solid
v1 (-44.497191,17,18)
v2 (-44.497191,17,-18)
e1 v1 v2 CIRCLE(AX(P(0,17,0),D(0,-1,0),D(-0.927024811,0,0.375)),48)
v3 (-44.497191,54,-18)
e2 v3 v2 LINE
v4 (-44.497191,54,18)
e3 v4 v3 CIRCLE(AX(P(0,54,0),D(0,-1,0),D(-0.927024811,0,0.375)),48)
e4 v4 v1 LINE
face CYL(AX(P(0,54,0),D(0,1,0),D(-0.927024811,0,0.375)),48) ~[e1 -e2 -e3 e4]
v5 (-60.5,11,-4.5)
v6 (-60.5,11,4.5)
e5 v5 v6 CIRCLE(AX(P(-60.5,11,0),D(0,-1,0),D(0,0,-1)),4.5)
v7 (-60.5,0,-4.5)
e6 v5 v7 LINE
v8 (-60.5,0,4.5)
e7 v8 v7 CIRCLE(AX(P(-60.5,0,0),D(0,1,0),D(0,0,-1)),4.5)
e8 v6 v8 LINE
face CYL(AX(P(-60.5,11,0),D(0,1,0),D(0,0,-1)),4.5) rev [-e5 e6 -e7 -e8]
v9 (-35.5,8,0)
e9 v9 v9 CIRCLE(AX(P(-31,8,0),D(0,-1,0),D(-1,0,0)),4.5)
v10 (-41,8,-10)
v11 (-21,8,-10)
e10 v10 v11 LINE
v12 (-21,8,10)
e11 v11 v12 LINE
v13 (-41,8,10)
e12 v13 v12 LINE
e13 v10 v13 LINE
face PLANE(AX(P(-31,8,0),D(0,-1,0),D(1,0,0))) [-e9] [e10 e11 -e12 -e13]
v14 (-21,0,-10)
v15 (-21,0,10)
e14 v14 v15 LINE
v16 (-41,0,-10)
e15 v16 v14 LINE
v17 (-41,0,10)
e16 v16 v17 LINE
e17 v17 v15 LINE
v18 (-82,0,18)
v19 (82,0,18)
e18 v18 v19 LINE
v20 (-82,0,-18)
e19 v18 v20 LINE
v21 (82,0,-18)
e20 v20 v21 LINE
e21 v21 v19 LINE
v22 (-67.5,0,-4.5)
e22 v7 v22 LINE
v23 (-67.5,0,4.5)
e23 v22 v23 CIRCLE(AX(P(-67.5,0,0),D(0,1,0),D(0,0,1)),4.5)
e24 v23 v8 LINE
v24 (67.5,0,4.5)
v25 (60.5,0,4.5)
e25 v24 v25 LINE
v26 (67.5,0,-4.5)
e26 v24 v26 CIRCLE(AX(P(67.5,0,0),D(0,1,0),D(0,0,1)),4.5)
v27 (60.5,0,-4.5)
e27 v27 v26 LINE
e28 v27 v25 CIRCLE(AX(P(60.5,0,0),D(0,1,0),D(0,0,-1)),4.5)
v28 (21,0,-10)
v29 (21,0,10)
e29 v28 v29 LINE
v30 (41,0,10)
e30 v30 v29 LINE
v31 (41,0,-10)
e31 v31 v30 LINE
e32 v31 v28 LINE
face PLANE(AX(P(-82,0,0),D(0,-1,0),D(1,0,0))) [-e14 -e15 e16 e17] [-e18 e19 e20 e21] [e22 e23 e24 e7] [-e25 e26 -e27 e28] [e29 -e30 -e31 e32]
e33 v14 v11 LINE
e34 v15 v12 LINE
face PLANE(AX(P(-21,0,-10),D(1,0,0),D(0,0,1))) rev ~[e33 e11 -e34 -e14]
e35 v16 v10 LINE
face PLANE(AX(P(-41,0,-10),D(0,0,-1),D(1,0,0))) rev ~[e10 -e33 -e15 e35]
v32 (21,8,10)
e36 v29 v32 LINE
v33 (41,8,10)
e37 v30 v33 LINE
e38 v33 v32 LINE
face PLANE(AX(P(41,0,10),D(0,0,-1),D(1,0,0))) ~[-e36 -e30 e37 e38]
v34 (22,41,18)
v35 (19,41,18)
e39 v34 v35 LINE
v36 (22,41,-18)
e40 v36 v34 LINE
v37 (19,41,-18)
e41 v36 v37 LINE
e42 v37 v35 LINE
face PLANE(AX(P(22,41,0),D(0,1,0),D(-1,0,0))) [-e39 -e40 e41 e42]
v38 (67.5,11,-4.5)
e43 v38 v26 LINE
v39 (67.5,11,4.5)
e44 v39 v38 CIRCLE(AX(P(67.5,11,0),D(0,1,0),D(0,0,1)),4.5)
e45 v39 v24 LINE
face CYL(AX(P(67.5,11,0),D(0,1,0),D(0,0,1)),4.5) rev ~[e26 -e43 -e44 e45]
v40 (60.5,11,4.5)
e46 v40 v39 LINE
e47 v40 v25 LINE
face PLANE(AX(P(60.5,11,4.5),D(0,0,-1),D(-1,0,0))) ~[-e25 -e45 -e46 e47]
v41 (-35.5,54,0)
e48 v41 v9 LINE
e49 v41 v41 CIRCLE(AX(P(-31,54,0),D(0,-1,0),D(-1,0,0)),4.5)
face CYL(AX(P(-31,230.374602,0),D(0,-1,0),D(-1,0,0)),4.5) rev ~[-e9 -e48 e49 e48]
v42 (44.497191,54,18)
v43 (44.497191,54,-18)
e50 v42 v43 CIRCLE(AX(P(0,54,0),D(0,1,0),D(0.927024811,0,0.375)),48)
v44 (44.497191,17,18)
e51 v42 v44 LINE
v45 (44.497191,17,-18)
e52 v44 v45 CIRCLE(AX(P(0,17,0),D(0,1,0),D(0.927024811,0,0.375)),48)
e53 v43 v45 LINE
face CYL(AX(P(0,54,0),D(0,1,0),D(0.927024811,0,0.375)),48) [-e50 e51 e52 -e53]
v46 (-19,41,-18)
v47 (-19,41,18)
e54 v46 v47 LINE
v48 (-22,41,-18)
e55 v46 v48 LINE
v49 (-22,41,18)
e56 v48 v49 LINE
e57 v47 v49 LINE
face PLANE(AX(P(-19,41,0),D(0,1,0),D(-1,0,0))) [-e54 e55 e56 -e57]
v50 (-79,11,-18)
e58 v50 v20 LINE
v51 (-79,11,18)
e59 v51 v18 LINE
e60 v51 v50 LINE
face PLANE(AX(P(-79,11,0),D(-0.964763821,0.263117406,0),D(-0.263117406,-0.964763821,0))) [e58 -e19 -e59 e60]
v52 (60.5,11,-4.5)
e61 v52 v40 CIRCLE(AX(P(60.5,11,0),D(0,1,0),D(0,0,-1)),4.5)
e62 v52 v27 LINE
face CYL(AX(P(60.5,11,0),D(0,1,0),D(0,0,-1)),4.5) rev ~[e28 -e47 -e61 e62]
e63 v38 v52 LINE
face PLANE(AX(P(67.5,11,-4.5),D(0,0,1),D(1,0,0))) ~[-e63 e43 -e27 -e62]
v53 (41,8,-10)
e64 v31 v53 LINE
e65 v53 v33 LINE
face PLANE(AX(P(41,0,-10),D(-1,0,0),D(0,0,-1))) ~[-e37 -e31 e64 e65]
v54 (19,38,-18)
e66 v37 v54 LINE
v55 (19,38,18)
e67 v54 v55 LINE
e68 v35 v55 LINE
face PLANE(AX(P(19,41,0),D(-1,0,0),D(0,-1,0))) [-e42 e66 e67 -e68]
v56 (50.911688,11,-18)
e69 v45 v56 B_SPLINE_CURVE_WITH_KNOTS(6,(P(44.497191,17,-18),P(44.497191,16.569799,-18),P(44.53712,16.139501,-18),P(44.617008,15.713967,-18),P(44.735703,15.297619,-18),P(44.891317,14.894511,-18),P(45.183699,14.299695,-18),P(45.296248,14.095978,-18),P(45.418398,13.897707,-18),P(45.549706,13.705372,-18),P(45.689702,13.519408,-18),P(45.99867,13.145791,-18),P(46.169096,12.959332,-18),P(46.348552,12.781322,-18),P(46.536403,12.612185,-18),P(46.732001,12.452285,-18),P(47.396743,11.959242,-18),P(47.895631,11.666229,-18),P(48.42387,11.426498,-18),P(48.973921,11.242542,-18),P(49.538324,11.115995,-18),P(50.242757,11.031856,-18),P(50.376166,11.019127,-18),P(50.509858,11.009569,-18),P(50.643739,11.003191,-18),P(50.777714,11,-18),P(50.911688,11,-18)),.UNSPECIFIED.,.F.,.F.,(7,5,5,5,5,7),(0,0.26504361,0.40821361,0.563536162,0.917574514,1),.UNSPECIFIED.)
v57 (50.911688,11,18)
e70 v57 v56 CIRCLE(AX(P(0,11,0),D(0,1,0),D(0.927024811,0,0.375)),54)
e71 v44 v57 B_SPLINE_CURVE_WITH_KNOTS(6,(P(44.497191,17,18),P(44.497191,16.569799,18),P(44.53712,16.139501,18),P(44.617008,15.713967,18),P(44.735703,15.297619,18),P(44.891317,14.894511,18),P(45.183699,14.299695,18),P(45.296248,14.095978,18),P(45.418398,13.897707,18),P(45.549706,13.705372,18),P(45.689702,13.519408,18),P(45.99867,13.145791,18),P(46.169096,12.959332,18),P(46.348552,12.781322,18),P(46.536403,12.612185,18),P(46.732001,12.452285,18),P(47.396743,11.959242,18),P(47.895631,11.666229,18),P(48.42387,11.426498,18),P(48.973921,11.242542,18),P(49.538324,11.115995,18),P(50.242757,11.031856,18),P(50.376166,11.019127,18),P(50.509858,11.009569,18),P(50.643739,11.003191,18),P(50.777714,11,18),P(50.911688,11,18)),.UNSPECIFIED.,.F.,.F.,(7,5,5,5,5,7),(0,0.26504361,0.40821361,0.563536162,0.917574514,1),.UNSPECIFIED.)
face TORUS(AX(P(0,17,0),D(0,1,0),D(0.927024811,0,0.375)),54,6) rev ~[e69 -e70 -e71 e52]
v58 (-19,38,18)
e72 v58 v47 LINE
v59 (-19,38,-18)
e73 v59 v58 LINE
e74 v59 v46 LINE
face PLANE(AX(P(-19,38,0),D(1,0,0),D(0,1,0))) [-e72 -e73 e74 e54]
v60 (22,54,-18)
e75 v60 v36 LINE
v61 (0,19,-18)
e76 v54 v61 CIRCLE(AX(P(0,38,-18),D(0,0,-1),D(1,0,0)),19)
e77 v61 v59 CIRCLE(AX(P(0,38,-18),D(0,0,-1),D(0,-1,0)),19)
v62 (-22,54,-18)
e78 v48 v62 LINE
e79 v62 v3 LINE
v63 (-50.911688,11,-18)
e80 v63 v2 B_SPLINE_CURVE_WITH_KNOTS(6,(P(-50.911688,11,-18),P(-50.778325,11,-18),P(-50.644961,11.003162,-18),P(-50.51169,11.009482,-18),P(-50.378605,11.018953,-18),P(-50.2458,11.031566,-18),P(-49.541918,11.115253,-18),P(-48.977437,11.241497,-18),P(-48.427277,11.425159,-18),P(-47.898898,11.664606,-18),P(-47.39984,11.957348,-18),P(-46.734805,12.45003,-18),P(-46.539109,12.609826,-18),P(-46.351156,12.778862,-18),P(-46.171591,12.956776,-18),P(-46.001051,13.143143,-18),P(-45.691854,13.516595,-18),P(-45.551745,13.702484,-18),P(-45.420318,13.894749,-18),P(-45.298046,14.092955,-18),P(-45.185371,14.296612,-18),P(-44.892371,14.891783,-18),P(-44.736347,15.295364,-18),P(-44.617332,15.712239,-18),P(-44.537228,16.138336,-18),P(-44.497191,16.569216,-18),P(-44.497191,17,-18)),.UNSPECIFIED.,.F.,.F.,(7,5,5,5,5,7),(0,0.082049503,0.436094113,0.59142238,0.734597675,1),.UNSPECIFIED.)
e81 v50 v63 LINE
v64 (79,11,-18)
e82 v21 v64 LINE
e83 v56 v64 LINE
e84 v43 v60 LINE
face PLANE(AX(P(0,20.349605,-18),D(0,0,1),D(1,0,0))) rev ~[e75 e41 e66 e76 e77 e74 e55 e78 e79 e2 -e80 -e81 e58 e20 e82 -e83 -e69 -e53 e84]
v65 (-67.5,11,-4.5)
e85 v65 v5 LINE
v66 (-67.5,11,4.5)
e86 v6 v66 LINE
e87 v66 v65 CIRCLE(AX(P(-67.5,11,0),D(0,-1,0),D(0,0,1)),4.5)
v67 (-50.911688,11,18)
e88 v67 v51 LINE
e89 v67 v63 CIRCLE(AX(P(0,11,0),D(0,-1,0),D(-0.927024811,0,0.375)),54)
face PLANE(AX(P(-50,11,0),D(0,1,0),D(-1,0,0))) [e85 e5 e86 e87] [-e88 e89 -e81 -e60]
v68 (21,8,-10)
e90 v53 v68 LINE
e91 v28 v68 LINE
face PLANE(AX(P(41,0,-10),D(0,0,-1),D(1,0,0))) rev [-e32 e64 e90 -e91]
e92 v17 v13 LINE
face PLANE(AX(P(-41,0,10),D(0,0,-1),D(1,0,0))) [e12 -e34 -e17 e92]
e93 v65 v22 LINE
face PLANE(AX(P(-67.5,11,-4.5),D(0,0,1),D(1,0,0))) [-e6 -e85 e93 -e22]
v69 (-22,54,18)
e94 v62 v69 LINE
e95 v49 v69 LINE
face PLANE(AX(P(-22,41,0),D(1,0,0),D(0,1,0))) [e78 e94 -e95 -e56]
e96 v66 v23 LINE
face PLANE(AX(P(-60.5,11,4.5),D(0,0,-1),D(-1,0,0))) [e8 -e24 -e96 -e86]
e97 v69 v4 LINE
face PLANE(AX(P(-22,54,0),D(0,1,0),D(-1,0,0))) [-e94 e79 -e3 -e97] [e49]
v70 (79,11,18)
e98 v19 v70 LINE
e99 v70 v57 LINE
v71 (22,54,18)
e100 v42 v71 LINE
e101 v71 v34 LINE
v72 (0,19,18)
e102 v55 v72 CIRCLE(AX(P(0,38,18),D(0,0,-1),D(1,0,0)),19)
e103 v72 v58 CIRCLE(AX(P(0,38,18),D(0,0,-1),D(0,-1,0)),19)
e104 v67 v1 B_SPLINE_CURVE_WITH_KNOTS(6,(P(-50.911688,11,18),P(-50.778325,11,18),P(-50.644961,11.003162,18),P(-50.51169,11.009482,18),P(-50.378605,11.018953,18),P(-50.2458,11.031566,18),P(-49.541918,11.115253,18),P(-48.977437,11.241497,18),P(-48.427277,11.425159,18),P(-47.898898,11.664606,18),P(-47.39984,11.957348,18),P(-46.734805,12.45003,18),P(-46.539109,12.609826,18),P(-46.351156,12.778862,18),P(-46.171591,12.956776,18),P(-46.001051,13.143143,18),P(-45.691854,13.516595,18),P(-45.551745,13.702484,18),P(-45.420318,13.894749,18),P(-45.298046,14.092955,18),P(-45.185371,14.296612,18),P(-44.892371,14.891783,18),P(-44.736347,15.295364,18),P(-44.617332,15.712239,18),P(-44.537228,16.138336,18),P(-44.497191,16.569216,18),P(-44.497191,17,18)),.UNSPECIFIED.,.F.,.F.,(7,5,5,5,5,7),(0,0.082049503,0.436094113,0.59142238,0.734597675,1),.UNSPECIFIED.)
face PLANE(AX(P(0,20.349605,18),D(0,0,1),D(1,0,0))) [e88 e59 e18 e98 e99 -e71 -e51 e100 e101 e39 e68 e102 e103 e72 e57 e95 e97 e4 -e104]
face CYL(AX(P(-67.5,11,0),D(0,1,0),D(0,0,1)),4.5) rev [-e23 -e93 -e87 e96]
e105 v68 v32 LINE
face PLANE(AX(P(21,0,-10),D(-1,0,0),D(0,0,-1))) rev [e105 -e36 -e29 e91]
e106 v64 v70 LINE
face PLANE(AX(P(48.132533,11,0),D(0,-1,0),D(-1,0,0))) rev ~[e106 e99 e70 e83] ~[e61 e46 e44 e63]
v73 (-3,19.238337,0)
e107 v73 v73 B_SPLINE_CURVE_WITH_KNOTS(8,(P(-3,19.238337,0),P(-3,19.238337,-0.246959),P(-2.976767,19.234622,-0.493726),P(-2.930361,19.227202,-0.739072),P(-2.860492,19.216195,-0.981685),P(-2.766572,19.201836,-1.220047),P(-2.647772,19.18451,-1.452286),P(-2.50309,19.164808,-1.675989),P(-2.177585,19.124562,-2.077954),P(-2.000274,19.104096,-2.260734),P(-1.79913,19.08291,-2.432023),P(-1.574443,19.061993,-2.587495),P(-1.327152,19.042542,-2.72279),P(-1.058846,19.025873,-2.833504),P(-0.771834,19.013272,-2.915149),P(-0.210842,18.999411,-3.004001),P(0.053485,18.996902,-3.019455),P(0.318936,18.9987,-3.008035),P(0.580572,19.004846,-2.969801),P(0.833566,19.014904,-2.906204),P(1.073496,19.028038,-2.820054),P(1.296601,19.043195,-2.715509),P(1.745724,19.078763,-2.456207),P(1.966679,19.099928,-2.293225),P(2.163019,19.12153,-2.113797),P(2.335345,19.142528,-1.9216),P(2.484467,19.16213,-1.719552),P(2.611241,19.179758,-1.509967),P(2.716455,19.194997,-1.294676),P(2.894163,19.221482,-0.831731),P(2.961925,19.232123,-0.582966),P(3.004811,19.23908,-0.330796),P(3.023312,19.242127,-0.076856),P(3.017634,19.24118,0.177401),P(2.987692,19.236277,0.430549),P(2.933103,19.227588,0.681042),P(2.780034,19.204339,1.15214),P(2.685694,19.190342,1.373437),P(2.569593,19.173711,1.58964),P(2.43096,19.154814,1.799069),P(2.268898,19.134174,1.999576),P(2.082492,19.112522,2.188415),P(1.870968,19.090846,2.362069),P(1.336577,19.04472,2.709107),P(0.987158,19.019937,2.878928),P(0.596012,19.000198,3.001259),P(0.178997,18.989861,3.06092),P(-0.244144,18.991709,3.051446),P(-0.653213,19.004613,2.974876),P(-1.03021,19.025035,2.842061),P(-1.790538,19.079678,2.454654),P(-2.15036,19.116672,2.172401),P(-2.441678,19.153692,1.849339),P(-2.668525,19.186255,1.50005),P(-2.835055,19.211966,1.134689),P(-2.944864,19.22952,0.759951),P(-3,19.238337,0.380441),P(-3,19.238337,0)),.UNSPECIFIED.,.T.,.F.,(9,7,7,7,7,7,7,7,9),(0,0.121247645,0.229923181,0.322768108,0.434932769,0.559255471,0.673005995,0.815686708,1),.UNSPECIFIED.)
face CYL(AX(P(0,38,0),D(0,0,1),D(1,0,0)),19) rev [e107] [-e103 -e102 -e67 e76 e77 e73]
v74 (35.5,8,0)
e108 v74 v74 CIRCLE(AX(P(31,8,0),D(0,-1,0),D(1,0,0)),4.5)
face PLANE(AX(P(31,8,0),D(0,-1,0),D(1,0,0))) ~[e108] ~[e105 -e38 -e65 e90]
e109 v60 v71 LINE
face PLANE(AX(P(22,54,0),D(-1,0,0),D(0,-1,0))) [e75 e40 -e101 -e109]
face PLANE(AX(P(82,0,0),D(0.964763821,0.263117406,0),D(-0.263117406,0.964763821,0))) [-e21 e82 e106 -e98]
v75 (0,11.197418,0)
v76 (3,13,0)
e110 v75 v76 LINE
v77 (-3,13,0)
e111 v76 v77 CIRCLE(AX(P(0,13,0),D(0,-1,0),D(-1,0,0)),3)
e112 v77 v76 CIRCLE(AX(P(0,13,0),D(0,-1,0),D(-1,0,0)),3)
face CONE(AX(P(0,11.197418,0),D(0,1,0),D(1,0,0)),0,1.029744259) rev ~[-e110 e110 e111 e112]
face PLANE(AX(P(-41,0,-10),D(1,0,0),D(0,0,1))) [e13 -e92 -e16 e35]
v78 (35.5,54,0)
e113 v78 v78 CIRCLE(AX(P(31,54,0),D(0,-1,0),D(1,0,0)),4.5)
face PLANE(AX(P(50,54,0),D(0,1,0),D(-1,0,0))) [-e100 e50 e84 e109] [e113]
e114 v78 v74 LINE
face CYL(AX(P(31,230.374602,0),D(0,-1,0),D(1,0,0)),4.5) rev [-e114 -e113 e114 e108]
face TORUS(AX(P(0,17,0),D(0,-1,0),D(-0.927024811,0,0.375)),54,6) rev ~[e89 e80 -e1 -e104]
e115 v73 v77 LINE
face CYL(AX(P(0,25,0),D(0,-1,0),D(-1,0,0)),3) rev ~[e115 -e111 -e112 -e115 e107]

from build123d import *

# Parameters (mm, degrees)
BOSS_EXTRUDE1_DEPTH          = 18
CUT_EXTRUDE1_DEPTH           = 43
FILLET2_R                    = 6
F_6_0_6_DIAMETER_HOLE1_D     = 6
F_6_0_6_DIAMETER_HOLE1_DEPTH = 6
F_6_0_6_DIAMETER_HOLE1_TIP   = 1.802581857
CUT_EXTRUDE2_DEPTH           = 12.0000001
F_6_0_6_DIAMETER_HOLE2_D     = 9
SKETCH24_W                   = 20
SKETCH24_H                   = 20
CUT_EXTRUDE3_DEPTH           = 8


with BuildPart() as part:
    # Sketch1 → Boss-Extrude1 (new body, symmetric)
    with BuildSketch(Plane.XY):
        with BuildLine():
            Line((-82, 0), (82, 0))
            Line((82, 0), (79, 11))
            Line((79, 11), (50, 11))
            Line((50, 11), (50, 54))
            Line((50, 54), (22, 54))
            Line((22, 54), (22, 41))
            Line((22, 41), (19, 41))
            Line((19, 41), (19, 38))
            ThreePointArc((19, 38), (13.435028843, 24.564971157), (0, 19))
            ThreePointArc((0, 19), (-13.435028843, 24.564971157), (-19, 38))
            Line((-19, 38), (-19, 41))
            Line((-19, 41), (-22, 41))
            Line((-22, 41), (-22, 54))
            Line((-22, 54), (-50, 54))
            Line((-50, 54), (-50, 11))
            Line((-50, 11), (-79, 11))
            Line((-79, 11), (-82, 0))
        make_face()
    extrude(amount=BOSS_EXTRUDE1_DEPTH, both=True)

    # Sketch5 → Cut-Extrude1 (cut)
    with BuildSketch(Plane(origin=(0, 54, 0), x_dir=(1, 0, 0), z_dir=(0, 1, 0))):
        with BuildLine():
            Line((-44.497190923, 18), (-50, 18))
            Line((-50, 18), (-50, -18))
            Line((-50, -18), (-44.497190923, -18))
            ThreePointArc((-44.497190923, -18), (-48, 0), (-44.497190923, 18))
        make_face()
        with BuildLine():
            Line((50, -18), (44.497190923, -18))
            ThreePointArc((44.497190923, -18), (48, 0), (44.497190923, 18))
            Line((44.497190923, 18), (50, 18))
            Line((50, 18), (50, -18))
        make_face()
    extrude(amount=-CUT_EXTRUDE1_DEPTH, mode=Mode.SUBTRACT)

    # Fillet2
    fillet2_edges = [part.edges().sort_by_distance(p)[0] for p in [
        (-48, 11, 0),
        (48, 11, 0),
    ]]
    fillet(fillet2_edges, radius=FILLET2_R)

    # Ø6.0 (6) Diameter Hole1
    with Locations(Plane(origin=(0, 19, 0), x_dir=(1, 0, 0), z_dir=(0, 1, 0))):
        with Locations((0, 0)):
            Hole(F_6_0_6_DIAMETER_HOLE1_D / 2, depth=F_6_0_6_DIAMETER_HOLE1_DEPTH)
            with Locations((0, 0, -(F_6_0_6_DIAMETER_HOLE1_DEPTH + F_6_0_6_DIAMETER_HOLE1_TIP / 2))):  # 118° drill point
                Cone(0, F_6_0_6_DIAMETER_HOLE1_D / 2, F_6_0_6_DIAMETER_HOLE1_TIP, mode=Mode.SUBTRACT)

    # Sketch20 → Cut-Extrude2 (cut, through all)
    with BuildSketch(Plane(origin=(0, 11, 0), x_dir=(1, 0, 0), z_dir=(0, 1, 0))):
        with BuildLine():
            Line((-67.5, 4.5), (-60.5, 4.5))
            ThreePointArc((-60.5, 4.5), (-56, 0), (-60.5, -4.5))
            Line((-60.5, -4.5), (-67.5, -4.5))
            ThreePointArc((-67.5, -4.5), (-72, 0), (-67.5, 4.5))
        make_face()
    cut_extrude2 = extrude(amount=-CUT_EXTRUDE2_DEPTH, mode=Mode.SUBTRACT)

    # Ø6.0 (6) Diameter Hole2 (through all)
    with Locations(Plane(origin=(0, 54, 0), x_dir=(1, 0, 0), z_dir=(0, 1, 0))):
        with Locations((-31, 0)):
            f_6_0_6_diameter_hole2 = Hole(F_6_0_6_DIAMETER_HOLE2_D / 2)

    # Sketch24 → Cut-Extrude3 (cut)
    with BuildSketch(Plane.XZ):
        with Locations((-31, 0)):
            Rectangle(SKETCH24_W, SKETCH24_H)
    cut_extrude3 = extrude(amount=-CUT_EXTRUDE3_DEPTH, mode=Mode.SUBTRACT)

    # Mirror1: Cut-Extrude2, Ø6.0 (6) Diameter Hole2, Cut-Extrude3 across plane
    add(cut_extrude2.mirror(Plane(origin=(0, 0, 0), x_dir=(0, 0, 1), z_dir=(1, 0, 0))), mode=Mode.SUBTRACT)
    add(f_6_0_6_diameter_hole2.mirror(Plane(origin=(0, 0, 0), x_dir=(0, 0, 1), z_dir=(1, 0, 0))), mode=Mode.SUBTRACT)
    add(cut_extrude3.mirror(Plane(origin=(0, 0, 0), x_dir=(0, 0, 1), z_dir=(1, 0, 0))), mode=Mode.SUBTRACT)


solid = part.part
